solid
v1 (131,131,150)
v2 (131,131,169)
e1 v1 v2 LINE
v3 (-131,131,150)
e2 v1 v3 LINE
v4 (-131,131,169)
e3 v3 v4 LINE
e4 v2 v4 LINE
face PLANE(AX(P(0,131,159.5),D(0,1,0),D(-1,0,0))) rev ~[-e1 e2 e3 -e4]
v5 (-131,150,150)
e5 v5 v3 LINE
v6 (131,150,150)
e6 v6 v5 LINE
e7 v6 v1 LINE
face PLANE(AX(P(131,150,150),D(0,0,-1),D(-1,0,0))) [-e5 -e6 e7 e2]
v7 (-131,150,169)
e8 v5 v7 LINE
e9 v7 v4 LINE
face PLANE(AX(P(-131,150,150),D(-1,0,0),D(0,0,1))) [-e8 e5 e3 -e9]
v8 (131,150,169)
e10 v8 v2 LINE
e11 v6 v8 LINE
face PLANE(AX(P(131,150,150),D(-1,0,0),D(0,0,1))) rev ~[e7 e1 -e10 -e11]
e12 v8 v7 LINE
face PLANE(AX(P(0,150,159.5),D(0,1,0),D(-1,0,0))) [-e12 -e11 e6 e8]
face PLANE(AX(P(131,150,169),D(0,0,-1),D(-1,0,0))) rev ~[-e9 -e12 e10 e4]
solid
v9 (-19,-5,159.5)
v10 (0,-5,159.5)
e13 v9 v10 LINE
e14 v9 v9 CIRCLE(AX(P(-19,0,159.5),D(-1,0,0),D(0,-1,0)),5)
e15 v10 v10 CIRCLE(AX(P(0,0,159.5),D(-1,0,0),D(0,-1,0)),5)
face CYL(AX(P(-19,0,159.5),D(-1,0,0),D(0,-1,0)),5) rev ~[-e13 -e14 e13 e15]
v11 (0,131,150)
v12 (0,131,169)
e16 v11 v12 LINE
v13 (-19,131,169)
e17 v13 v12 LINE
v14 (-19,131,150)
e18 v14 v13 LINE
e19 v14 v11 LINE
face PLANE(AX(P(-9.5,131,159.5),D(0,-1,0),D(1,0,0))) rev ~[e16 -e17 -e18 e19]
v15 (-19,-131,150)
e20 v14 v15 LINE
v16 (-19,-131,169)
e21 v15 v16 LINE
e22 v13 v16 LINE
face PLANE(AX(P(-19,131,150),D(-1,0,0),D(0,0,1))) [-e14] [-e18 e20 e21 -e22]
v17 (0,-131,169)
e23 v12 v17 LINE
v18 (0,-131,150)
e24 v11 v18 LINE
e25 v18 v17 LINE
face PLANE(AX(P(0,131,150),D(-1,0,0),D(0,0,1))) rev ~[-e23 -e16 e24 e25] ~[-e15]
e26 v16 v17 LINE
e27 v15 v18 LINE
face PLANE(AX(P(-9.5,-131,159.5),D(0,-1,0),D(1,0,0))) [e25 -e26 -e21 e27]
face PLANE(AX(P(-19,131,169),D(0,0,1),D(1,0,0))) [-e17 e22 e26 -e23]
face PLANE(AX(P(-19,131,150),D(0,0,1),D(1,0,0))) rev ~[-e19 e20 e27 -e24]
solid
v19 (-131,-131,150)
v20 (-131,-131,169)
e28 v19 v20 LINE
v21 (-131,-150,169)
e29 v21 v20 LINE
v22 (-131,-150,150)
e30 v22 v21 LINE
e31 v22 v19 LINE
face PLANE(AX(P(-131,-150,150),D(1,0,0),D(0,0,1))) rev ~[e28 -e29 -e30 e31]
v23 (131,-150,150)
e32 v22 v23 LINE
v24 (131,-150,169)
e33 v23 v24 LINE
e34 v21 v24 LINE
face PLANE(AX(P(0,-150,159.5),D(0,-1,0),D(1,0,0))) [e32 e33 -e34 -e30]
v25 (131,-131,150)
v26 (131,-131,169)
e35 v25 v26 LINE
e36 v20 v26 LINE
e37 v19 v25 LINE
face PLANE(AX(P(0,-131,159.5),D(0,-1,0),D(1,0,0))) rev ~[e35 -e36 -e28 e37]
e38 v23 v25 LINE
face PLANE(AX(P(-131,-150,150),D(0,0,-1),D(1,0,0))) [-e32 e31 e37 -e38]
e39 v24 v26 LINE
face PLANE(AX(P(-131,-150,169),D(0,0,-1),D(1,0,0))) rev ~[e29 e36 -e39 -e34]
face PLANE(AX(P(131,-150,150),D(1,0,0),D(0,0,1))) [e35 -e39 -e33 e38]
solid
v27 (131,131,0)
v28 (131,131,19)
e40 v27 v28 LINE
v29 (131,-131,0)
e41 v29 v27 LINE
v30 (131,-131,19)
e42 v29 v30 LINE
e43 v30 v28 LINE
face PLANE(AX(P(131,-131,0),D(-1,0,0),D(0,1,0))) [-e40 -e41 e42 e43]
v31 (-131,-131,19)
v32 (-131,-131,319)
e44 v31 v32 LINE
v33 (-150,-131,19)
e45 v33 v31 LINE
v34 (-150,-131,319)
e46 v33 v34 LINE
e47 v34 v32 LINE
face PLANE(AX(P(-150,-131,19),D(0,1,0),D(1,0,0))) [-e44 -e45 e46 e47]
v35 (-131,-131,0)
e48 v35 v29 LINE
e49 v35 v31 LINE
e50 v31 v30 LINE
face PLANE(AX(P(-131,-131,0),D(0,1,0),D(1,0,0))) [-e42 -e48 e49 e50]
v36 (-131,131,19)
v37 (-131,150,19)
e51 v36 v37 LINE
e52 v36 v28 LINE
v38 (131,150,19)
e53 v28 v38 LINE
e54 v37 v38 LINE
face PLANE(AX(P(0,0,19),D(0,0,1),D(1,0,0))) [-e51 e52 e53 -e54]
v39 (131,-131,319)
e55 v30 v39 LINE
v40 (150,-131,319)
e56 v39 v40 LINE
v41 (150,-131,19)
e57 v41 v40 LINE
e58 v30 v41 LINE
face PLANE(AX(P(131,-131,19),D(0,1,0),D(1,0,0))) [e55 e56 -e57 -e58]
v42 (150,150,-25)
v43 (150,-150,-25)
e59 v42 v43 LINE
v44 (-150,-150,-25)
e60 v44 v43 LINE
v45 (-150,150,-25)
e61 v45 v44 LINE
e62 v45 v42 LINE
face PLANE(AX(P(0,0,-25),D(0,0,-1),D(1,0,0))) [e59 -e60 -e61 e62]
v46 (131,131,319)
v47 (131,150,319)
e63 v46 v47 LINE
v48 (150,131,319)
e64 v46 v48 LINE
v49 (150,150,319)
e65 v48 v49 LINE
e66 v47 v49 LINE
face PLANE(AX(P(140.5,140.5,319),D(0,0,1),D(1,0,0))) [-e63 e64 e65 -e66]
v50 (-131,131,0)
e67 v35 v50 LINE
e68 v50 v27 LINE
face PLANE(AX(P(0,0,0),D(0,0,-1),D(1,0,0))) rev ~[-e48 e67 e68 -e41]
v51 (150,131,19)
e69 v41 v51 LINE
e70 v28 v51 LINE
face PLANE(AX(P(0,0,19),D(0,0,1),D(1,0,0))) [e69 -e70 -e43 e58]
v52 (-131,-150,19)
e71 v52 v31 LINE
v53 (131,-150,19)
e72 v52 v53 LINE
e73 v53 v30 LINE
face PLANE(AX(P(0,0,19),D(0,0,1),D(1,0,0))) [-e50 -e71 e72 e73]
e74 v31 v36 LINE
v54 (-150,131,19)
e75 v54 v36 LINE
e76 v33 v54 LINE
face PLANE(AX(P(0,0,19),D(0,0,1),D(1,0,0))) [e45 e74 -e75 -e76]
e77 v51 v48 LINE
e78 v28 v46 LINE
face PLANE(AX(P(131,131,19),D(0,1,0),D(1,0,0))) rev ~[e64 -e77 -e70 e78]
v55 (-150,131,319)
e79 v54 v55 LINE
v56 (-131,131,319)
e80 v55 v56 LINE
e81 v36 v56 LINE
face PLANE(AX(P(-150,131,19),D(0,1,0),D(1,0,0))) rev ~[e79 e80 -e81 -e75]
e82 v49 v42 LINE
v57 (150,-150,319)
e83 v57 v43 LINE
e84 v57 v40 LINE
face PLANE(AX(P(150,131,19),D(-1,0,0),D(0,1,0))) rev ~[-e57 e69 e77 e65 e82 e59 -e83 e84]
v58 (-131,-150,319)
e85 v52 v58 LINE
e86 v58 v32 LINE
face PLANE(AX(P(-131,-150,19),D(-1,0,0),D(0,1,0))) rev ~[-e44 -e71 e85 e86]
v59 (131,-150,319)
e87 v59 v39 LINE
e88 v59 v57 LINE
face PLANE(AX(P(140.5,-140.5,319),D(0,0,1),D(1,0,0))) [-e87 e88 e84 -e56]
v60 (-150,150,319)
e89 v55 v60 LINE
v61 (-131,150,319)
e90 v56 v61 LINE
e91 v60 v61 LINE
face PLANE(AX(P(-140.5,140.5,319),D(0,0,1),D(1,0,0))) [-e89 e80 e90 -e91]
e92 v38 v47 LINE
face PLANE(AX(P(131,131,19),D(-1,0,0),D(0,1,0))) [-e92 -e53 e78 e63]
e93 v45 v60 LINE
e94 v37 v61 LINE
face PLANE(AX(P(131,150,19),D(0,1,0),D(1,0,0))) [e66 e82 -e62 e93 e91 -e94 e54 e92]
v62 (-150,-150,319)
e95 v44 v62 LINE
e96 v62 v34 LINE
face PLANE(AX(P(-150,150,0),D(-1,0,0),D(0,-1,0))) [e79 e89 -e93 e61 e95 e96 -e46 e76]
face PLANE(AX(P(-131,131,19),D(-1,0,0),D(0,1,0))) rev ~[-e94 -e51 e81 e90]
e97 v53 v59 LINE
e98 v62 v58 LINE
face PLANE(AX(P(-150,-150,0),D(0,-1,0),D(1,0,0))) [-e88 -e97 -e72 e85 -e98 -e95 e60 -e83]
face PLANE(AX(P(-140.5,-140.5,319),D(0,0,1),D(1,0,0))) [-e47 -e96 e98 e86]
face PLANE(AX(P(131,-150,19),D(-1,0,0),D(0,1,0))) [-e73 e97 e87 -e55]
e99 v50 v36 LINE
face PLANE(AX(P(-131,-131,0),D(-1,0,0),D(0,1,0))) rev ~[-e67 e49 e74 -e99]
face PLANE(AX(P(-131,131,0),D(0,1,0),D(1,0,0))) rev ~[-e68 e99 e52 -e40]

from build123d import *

# Parameters (mm, degrees)
F0_W      = 300
F0_H      = 300
F0_W_2    = 262
F0_H_2    = 262
F1_DEPTH  = 19
F2_W      = 300
F2_H      = 300
F2_W_2    = 262
F2_H_2    = 262
F3_DEPTH  = 25
F4_W      = 19
F4_H      = 19
F5_DEPTH  = 300
F6_W      = 262
F6_H      = 19
F7_DEPTH  = 19
F8_W      = 262
F8_H      = 19
F9_DEPTH  = 19
F10_W     = 19
F10_H     = 19
F11_DEPTH = 262
F12_R     = 5
F13_DEPTH = 25


with BuildPart() as f1:
    # F0 (on Top) → F1 (new body)
    with BuildSketch(Plane.XY):
        Rectangle(F0_W, F0_H)
        Rectangle(F0_W_2, F0_H_2, mode=Mode.SUBTRACT)
    extrude(amount=F1_DEPTH)

    # F2 (on face) → F3 (join)
    with BuildSketch(Plane(origin=(0, 0, 0), x_dir=(1, 0, 0), z_dir=(0, 0, -1))):
        Rectangle(F2_W, F2_H)
        Rectangle(F2_W_2, F2_H_2, mode=Mode.SUBTRACT)
        Rectangle(F2_W_2, F2_H_2)
    extrude(amount=F3_DEPTH)

    # F4 (on face) → F5 (join)
    with BuildSketch(Plane.XY.offset(19)):
        with Locations((140.5, 140.5)):
            Rectangle(F4_W, F4_H)
        with Locations((-140.5, 140.5)):
            Rectangle(F4_W, F4_H)
        with Locations((140.5, -140.5)):
            Rectangle(F4_W, F4_H)
        with Locations((-140.5, -140.5)):
            Rectangle(F4_W, F4_H)
    extrude(amount=F5_DEPTH)


with BuildPart() as f7:
    # F6 (on face) → F7 (new body)
    with BuildSketch(Plane.XZ.offset(150)):
        with Locations((0, 159.5)):
            Rectangle(F6_W, F6_H)
    extrude(amount=-F7_DEPTH)


with BuildPart() as f9:
    # F8 (on face) → F9 (new body)
    with BuildSketch(Plane(origin=(0, 150, 0), x_dir=(-1, 0, 0), z_dir=(0, 1, 0))):
        with Locations((0, 159.5)):
            Rectangle(F8_W, F8_H)
    extrude(amount=-F9_DEPTH)


with BuildPart() as f11:
    # F10 (on face) → F11 (new body)
    with BuildSketch(Plane.XZ.offset(-131)):
        with Locations((-9.5, 159.5)):
            Rectangle(F10_W, F10_H)
    extrude(amount=F11_DEPTH)

    # F12 (on face) → F13 (cut)
    with BuildSketch(Plane(origin=(-19, 0, 0), x_dir=(0, -1, 0), z_dir=(-1, 0, 0))):
        with Locations((0, 159.5)):
            Circle(F12_R)
    extrude(amount=-F13_DEPTH, mode=Mode.SUBTRACT)


solid = Compound([f1.part, f7.part, f9.part, f11.part])
